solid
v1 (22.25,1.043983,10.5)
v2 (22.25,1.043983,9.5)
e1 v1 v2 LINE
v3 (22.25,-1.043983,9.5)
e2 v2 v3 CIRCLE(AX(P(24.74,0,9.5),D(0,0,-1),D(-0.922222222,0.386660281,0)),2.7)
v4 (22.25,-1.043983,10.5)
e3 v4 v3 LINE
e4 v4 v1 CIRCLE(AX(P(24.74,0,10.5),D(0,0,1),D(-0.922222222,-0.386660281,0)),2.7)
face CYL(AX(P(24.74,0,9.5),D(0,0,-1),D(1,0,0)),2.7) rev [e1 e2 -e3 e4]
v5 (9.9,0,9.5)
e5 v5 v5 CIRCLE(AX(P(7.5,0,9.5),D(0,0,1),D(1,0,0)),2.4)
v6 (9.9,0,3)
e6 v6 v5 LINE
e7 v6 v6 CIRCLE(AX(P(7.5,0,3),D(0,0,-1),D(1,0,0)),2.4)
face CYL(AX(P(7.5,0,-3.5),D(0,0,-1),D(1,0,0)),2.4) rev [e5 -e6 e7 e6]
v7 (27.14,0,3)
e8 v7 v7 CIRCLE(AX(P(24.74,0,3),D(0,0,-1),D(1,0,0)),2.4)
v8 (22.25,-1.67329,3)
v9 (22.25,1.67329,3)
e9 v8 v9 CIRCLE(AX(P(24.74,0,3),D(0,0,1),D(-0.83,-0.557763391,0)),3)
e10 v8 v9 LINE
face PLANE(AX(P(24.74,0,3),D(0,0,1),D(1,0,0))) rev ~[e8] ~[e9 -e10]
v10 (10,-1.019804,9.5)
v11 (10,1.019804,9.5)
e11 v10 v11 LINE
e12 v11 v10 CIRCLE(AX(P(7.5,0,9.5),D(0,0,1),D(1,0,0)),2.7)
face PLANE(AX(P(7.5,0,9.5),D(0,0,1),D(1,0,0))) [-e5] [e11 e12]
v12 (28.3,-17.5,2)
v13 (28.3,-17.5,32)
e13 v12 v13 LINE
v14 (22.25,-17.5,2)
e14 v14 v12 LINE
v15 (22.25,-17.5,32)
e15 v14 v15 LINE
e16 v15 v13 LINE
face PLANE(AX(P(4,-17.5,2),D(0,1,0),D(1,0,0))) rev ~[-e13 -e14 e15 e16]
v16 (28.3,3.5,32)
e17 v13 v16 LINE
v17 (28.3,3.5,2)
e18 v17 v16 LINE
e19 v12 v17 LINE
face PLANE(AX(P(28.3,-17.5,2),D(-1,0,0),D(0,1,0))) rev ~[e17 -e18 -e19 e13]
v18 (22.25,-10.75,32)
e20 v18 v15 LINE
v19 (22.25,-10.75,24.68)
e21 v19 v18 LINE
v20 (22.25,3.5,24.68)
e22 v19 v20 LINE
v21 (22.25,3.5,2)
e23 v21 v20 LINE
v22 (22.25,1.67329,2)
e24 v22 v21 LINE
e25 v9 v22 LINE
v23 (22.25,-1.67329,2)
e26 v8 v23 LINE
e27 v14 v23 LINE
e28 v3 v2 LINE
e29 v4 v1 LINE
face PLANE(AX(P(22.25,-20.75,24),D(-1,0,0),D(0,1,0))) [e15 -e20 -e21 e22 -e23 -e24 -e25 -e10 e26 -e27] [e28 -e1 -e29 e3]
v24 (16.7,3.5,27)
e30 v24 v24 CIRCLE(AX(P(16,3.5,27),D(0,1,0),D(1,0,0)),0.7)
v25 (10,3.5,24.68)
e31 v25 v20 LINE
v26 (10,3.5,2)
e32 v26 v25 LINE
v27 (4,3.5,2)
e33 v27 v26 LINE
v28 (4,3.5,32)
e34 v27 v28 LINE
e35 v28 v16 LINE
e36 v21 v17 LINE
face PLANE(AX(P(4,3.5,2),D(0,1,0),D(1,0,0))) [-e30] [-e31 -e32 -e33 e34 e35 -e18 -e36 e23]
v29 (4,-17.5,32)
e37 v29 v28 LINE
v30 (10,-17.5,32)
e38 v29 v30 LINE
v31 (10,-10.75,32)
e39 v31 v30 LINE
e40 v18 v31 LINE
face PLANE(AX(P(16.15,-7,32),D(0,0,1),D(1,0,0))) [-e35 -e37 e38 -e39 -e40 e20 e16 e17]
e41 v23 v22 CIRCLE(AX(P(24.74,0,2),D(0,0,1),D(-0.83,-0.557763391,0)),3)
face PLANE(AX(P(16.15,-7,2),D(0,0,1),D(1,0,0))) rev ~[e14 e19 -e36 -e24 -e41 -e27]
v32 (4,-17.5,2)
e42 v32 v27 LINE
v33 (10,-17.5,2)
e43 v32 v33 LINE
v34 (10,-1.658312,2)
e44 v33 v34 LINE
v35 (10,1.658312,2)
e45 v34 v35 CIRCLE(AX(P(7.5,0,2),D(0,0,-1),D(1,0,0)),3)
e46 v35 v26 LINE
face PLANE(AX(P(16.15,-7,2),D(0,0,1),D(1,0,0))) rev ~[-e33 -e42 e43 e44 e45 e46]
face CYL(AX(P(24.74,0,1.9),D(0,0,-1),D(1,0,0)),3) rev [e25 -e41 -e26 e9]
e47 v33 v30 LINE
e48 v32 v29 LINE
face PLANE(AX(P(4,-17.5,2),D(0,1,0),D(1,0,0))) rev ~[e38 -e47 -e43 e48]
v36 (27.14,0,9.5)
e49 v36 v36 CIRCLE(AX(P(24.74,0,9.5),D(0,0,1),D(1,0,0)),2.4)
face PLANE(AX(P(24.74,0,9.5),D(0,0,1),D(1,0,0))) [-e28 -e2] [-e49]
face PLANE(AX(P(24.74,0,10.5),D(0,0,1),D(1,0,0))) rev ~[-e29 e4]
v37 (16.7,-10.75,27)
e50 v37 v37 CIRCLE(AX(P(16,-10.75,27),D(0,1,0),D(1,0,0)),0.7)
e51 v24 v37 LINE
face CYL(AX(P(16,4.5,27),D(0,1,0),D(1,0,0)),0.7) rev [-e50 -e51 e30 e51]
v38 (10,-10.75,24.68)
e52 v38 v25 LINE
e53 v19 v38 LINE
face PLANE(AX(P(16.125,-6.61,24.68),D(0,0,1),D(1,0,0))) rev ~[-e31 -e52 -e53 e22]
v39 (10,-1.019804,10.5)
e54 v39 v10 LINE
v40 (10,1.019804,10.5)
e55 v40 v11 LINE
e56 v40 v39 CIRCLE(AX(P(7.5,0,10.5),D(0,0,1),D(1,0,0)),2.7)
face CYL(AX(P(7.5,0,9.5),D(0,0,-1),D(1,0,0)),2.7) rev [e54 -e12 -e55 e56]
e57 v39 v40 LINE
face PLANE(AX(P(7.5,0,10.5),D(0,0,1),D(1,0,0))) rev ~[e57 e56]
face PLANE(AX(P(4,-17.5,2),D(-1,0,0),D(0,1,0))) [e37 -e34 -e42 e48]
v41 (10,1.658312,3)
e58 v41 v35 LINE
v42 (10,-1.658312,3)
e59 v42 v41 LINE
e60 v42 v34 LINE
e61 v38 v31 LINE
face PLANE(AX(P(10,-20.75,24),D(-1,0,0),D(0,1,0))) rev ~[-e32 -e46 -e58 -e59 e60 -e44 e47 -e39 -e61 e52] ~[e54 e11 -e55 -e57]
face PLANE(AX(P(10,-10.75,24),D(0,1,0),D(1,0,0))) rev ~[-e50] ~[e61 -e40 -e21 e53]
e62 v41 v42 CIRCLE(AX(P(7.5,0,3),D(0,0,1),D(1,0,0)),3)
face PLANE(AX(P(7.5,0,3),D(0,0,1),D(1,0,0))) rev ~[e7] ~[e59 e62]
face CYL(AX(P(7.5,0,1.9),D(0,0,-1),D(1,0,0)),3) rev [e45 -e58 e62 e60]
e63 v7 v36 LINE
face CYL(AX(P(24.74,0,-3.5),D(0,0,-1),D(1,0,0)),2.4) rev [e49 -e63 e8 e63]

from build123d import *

# Parameters (mm, degrees)
CYLINDER008_R     = 3
CYLINDER008_DEPTH = 1.1
CYLINDER007_R     = 3
CYLINDER007_DEPTH = 1.1
CYLINDER004_R     = 2.4
CYLINDER004_DEPTH = 13
CYLINDER005_R     = 2.7
CYLINDER005_DEPTH = 1
CYLINDER006_R     = 2.7
CYLINDER006_DEPTH = 1
CYLINDER003_R     = 2.4
CYLINDER003_DEPTH = 13
CYLINDER002_R     = 0.7
CYLINDER002_DEPTH = 16
BOX007_W          = 12.25
BOX007_H          = 10
BOX007_DEPTH      = 10
BOX003_W          = 12.25
BOX003_H          = 23.78
BOX003_DEPTH      = 22.68
BOX008_W          = 24.3
BOX008_H          = 21
BOX008_DEPTH      = 30


with BuildPart() as cylinder008:
    # Cylinder008 → Cylinder008 (new body)
    with BuildSketch(Plane(origin=(-2.5, 17.5, -0.1), x_dir=(1, 0, 0), z_dir=(0, 0, 1))):
        Circle(CYLINDER008_R)
    extrude(amount=CYLINDER008_DEPTH)


with BuildPart() as fusion005:
    # Cylinder007 → Cylinder007 (new body)
    with BuildSketch(Plane(origin=(14.74, 17.5, -0.1), x_dir=(1, 0, 0), z_dir=(0, 0, 1))):
        Circle(CYLINDER007_R)
    extrude(amount=CYLINDER007_DEPTH)

    # Fusion005: union Cylinder008
    add(cylinder008.part)


with BuildPart() as cylinder004:
    # Cylinder004 → Cylinder004 (new body)
    with BuildSketch(Plane(origin=(14.74, 17.5, -6.5), x_dir=(1, 0, 0), z_dir=(0, 0, 1))):
        Circle(CYLINDER004_R)
    extrude(amount=CYLINDER004_DEPTH)


with BuildPart() as cylinder005:
    # Cylinder005 → Cylinder005 (new body)
    with BuildSketch(Plane(origin=(-2.5, 17.5, 6.5), x_dir=(1, 0, 0), z_dir=(0, 0, 1))):
        Circle(CYLINDER005_R)
    extrude(amount=CYLINDER005_DEPTH)


with BuildPart() as cylinder006:
    # Cylinder006 → Cylinder006 (new body)
    with BuildSketch(Plane(origin=(14.74, 17.5, 6.5), x_dir=(1, 0, 0), z_dir=(0, 0, 1))):
        Circle(CYLINDER006_R)
    extrude(amount=CYLINDER006_DEPTH)


with BuildPart() as fusion006:
    # Cylinder003 → Cylinder003 (new body)
    with BuildSketch(Plane(origin=(-2.5, 17.5, -6.5), x_dir=(1, 0, 0), z_dir=(0, 0, 1))):
        Circle(CYLINDER003_R)
    extrude(amount=CYLINDER003_DEPTH)

    # Fusion004: union Cylinder004, Cylinder005, Cylinder006
    add(cylinder004.part)
    add(cylinder005.part)
    add(cylinder006.part)


with BuildPart() as fusion006_1:
    # Fusion004 placement: moved
    add(fusion006.part.moved(Location((0, 0, 1))))

    # Fusion006: union Fusion005
    add(fusion005.part)


with BuildPart() as cylinder002:
    # Cylinder002 → Cylinder002 (new body)
    with BuildSketch(Plane(origin=(6, 22, 25), x_dir=(1, 0, 0), z_dir=(0, -1, 0))):
        Circle(CYLINDER002_R)
    extrude(amount=CYLINDER002_DEPTH)


with BuildPart() as cube004:
    # Box007 → Box007 (new body)
    with BuildSketch(Plane(origin=(0, -3.25, 22), x_dir=(1, 0, 0), z_dir=(0, 0, 1))):
        with Locations((6.125, 5)):
            Rectangle(BOX007_W, BOX007_H)
    extrude(amount=BOX007_DEPTH)


with BuildPart() as servo002:
    # Box003 → Box003 (new body)
    with BuildSketch(Plane(origin=(0, -1, 0), x_dir=(1, 0, 0), z_dir=(0, 0, 1))):
        with Locations((6.125, 11.89)):
            Rectangle(BOX003_W, BOX003_H)
    extrude(amount=BOX003_DEPTH)

    # Fusion002: union Cube004
    add(cube004.part)


with BuildPart() as fusion003:
    # Fusion003 base: copy of Cube004
    add(cube004.part)

    # Fusion003: union servo002
    add(servo002.part)


with BuildPart() as cut005:
    # Box008 → Box008 (new body)
    with BuildSketch(Plane(origin=(-6, 0, 0), x_dir=(1, 0, 0), z_dir=(0, 0, 1))):
        with Locations((12.15, 10.5)):
            Rectangle(BOX008_W, BOX008_H)
    extrude(amount=BOX008_DEPTH)

    # Cut002: cut Fusion003
    add(fusion003.part, mode=Mode.SUBTRACT)

    # Cut003: cut Cylinder002
    add(cylinder002.part, mode=Mode.SUBTRACT)

    # Cut005: cut Fusion006
    add(fusion006_1.part, mode=Mode.SUBTRACT)


with BuildPart() as cut005_1:
    # Cut005 placement: moved
    add(cut005.part.moved(Location((10, -17.5, 2))))


solid = cut005_1.part
